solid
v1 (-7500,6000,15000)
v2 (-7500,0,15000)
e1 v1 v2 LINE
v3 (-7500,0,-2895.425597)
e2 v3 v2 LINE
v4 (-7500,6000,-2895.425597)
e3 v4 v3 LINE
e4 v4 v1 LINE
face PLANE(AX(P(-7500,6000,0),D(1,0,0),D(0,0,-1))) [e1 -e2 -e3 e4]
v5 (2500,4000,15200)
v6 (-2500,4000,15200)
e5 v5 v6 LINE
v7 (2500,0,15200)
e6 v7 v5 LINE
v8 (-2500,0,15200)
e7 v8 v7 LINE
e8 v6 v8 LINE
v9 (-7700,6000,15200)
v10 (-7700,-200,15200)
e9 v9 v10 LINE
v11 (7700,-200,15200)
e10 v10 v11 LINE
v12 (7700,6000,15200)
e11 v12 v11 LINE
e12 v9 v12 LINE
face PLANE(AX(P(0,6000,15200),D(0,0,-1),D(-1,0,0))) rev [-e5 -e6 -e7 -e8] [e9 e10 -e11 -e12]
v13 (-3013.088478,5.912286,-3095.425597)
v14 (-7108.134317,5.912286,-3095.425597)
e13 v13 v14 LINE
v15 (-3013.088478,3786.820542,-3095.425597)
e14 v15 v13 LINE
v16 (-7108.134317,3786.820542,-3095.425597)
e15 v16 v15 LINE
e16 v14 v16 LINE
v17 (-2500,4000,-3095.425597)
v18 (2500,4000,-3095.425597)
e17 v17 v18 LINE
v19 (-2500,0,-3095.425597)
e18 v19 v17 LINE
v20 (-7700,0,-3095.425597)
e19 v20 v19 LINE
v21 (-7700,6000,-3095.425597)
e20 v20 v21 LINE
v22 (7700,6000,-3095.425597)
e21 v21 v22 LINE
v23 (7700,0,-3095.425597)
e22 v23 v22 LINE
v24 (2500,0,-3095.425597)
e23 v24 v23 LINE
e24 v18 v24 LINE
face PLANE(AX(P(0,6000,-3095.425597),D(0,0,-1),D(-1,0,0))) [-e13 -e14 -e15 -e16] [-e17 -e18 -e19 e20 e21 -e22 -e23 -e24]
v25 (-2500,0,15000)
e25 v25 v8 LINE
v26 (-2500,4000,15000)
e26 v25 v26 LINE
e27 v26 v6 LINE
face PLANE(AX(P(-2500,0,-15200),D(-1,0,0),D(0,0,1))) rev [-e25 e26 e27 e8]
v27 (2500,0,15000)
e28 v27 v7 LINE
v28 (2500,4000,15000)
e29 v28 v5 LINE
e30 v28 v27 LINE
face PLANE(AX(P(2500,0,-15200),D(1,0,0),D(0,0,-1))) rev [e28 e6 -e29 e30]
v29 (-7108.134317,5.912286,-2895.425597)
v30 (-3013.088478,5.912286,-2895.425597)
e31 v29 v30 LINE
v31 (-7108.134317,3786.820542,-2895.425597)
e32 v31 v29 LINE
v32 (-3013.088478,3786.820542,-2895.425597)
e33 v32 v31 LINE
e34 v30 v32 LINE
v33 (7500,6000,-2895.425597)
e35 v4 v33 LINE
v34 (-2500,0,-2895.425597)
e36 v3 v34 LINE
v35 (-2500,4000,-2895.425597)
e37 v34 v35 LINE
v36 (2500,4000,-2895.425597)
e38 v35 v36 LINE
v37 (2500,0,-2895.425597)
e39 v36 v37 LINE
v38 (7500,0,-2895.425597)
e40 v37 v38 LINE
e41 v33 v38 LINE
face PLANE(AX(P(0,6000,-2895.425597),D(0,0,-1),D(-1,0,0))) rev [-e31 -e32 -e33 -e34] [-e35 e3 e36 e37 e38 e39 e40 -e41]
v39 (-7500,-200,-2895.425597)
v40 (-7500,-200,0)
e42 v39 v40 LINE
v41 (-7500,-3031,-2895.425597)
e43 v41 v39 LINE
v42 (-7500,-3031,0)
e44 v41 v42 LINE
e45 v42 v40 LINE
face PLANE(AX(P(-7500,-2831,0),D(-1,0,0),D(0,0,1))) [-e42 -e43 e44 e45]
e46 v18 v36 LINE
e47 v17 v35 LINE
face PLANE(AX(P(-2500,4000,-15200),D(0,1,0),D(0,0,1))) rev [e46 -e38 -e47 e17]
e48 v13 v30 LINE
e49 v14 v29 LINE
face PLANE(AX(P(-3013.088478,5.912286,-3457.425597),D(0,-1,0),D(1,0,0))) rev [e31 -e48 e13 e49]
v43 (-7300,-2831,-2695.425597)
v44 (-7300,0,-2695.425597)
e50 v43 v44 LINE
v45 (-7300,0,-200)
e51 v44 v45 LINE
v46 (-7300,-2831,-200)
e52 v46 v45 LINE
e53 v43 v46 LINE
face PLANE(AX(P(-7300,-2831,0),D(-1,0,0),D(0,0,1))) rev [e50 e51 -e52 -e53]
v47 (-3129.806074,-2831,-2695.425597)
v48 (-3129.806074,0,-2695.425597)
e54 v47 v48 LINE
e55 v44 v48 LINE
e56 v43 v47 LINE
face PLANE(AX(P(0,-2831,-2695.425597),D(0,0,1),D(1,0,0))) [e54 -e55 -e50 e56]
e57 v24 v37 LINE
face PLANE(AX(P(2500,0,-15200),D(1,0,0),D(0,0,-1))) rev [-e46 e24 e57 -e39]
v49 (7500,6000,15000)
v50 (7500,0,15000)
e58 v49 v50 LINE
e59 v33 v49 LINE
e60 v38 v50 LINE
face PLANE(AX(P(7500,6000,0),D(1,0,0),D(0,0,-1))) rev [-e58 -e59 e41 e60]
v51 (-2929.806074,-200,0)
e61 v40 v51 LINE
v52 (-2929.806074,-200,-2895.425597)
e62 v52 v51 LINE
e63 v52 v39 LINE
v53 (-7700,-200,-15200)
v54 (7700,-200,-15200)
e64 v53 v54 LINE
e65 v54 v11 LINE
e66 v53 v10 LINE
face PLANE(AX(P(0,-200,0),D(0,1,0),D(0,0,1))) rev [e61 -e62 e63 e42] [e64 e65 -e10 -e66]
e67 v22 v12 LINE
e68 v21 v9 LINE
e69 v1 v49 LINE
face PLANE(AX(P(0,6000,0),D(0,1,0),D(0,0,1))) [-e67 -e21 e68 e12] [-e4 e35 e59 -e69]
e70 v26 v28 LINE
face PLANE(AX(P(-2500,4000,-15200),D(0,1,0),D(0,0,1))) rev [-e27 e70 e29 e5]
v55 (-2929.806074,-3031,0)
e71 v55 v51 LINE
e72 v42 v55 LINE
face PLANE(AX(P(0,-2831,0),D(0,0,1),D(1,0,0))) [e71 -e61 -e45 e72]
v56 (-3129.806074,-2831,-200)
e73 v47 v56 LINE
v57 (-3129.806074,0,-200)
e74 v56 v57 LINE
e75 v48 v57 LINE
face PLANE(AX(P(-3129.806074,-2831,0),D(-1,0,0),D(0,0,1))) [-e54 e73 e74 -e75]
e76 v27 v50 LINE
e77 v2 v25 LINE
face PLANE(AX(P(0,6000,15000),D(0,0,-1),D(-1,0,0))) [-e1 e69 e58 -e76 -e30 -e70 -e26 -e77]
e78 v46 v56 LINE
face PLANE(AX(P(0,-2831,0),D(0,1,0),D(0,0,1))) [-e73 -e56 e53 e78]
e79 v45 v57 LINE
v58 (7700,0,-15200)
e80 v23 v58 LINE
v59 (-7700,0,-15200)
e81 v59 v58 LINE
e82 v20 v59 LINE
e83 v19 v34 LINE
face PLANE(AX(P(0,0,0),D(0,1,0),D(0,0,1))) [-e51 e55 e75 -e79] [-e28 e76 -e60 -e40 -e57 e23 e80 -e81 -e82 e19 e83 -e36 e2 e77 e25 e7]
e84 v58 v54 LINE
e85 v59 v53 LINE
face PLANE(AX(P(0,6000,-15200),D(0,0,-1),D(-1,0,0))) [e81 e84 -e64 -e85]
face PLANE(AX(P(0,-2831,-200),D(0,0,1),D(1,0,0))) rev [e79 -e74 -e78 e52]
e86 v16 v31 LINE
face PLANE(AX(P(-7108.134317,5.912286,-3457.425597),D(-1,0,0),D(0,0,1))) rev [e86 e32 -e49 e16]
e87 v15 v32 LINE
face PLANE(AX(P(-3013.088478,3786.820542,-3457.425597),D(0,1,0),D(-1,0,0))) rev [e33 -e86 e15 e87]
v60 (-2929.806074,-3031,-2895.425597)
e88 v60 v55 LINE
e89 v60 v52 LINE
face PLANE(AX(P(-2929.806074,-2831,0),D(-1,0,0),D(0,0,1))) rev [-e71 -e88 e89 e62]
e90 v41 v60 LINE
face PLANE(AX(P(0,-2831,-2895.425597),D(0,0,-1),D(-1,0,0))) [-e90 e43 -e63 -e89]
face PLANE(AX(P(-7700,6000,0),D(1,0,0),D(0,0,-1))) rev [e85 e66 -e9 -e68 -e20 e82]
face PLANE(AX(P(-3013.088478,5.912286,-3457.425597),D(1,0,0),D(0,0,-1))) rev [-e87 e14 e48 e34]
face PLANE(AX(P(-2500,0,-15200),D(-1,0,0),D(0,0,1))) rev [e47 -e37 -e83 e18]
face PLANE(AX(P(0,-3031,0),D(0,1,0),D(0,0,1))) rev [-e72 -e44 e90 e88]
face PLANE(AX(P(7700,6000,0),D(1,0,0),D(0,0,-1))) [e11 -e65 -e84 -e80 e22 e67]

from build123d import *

# Parameters (mm, degrees)
CROQUIS2_W              = 15400
CROQUIS2_H              = 30400
CROQUIS2_W_2            = 15000
CROQUIS2_H_2            = 30000
CROQUIS2_H_3            = 200
SALIENTE_EXTRUIR1_DEPTH = 6000
CROQUIS2_2_W            = 15400
CROQUIS2_2_H            = 30400
CROQUIS2_2_W_2          = 15000
CROQUIS2_2_H_2          = 30000
CROQUIS2_2_H_3          = 11904.574403382
CROQUIS2_2_H_4          = 17895.425596618
CROQUIS2_2_H_5          = 200
SALIENTE_EXTRUIR2_DEPTH = 200
CROQUIS5_W              = 5000
CROQUIS5_H              = 4000
CORTAR_EXTRUIR1_DEPTH   = 31929.827100287
CROQUIS6_W              = 4570.193925868
CROQUIS6_H              = 2895.425596618
CROQUIS6_W_2            = 4170.193925868
CROQUIS6_H_2            = 2495.425596618
CORTAR_EXTRUIR2_DEPTH   = 18065.606278577
CROQUIS6_3_W            = 4570.193925868
CROQUIS6_3_H            = 2895.425596618
CROQUIS6_3_W_2          = 4170.193925868
CROQUIS6_3_H_2          = 2495.425596618
SALIENTE_EXTRUIR3_DEPTH = 2831
SALIENTE_EXTRUIR4_START = -2831
CROQUIS6_5_W            = 4570.193925868
CROQUIS6_5_H            = 2895.425596618
SALIENTE_EXTRUIR4_DEPTH = 200
CROQUIS7_W              = 4095.045838221
CROQUIS7_H              = 3780.908255671
CORTAR_EXTRUIR3_DEPTH   = 562
CROQUIS8_W              = 25320.425141551
CROQUIS8_H              = 14574.739237939
CORTAR_EXTRUIR4_DEPTH   = 19500


with BuildPart() as part:
    # Croquis2 → Saliente-Extruir1 (new body)
    # profile 1 of 2: a face of its own
    with BuildSketch(Plane(origin=(0, 0, 0), x_dir=(1, 0, 0), z_dir=(0, 1, 0))):
        Rectangle(CROQUIS2_W, CROQUIS2_H)
        Rectangle(CROQUIS2_W_2, CROQUIS2_H_2, mode=Mode.SUBTRACT)
    # profile 2 of 2: a face of its own
    with BuildSketch(Plane(origin=(0, 0, 0), x_dir=(1, 0, 0), z_dir=(0, 1, 0))):
        with Locations((0, 2995.425596618)):
            Rectangle(CROQUIS2_W_2, CROQUIS2_H_3)
    extrude(amount=SALIENTE_EXTRUIR1_DEPTH)

    # Croquis2<2> → Saliente-Extruir2 (add)
    # profile 1 of 4: a face of its own
    with BuildSketch(Plane(origin=(0, 0, 0), x_dir=(1, 0, 0), z_dir=(0, 1, 0))):
        Rectangle(CROQUIS2_2_W, CROQUIS2_2_H)
        Rectangle(CROQUIS2_2_W_2, CROQUIS2_2_H_2, mode=Mode.SUBTRACT)
    # profile 2 of 4: a face of its own
    with BuildSketch(Plane(origin=(0, 0, 0), x_dir=(1, 0, 0), z_dir=(0, 1, 0))):
        with Locations((0, 9047.712798309)):
            Rectangle(CROQUIS2_2_W_2, CROQUIS2_2_H_3)
    # profile 3 of 4: a face of its own
    with BuildSketch(Plane(origin=(0, 0, 0), x_dir=(1, 0, 0), z_dir=(0, 1, 0))):
        with Locations((0, -6052.287201691)):
            Rectangle(CROQUIS2_2_W_2, CROQUIS2_2_H_4)
    # profile 4 of 4: a face of its own
    with BuildSketch(Plane(origin=(0, 0, 0), x_dir=(1, 0, 0), z_dir=(0, 1, 0))):
        with Locations((0, 2995.425596618)):
            Rectangle(CROQUIS2_2_W_2, CROQUIS2_2_H_5)
    extrude(amount=-SALIENTE_EXTRUIR2_DEPTH)

    # Croquis5 → Cortar-Extruir1 (cut, through all)
    with BuildSketch(Plane.XY.offset(15200)):
        with Locations((0, 2000)):
            Rectangle(CROQUIS5_W, CROQUIS5_H)
    extrude(amount=-CORTAR_EXTRUIR1_DEPTH, mode=Mode.SUBTRACT)

    # Croquis6 → Cortar-Extruir2 (cut, through all)
    with BuildSketch(Plane(origin=(0, 0, 0), x_dir=(1, 0, 0), z_dir=(0, 1, 0))):
        with Locations((-5214.903037066, 1447.712798309)):
            Rectangle(CROQUIS6_W, CROQUIS6_H)
        with Locations((-5214.903037066, 1447.712798309)):
            Rectangle(CROQUIS6_W_2, CROQUIS6_H_2, mode=Mode.SUBTRACT)
    extrude(amount=-CORTAR_EXTRUIR2_DEPTH, mode=Mode.SUBTRACT)


with BuildPart() as cortar_extruir2_kept_piece:
    # of the separate pieces the step leaves, the one the design keeps (cortar_extruir2_pieces_kept)
    add(part.part.solids().sort_by_distance((-7700, 6000, -15200))[0])

    # Croquis6<3> → Saliente-Extruir3 (add)
    with BuildSketch(Plane(origin=(0, 0, 0), x_dir=(1, 0, 0), z_dir=(0, 1, 0))):
        with Locations((-5214.903037066, 1447.712798309)):
            Rectangle(CROQUIS6_3_W, CROQUIS6_3_H)
        with Locations((-5214.903037066, 1447.712798309)):
            Rectangle(CROQUIS6_3_W_2, CROQUIS6_3_H_2, mode=Mode.SUBTRACT)
    extrude(amount=-SALIENTE_EXTRUIR3_DEPTH)

    # Croquis6<5> → Saliente-Extruir4 (add)
    with BuildSketch(Plane(origin=(0, 0, 0), x_dir=(1, 0, 0), z_dir=(0, 1, 0)).offset(SALIENTE_EXTRUIR4_START)):
        with Locations((-5214.903037066, 1447.712798309)):
            Rectangle(CROQUIS6_5_W, CROQUIS6_5_H)
    extrude(amount=-SALIENTE_EXTRUIR4_DEPTH)

    # Croquis7 → Cortar-Extruir3 (cut)
    with BuildSketch(Plane.XY.offset(-2895.425596618)):
        with Locations((-5060.611397561, 1896.366414305)):
            Rectangle(CROQUIS7_W, CROQUIS7_H)
    extrude(amount=-CORTAR_EXTRUIR3_DEPTH, mode=Mode.SUBTRACT)

    # Croquis8 → Cortar-Extruir4 (cut)
    with BuildSketch(Plane(origin=(0, 0, 0), x_dir=(1, 0, 0), z_dir=(0, 1, 0))):
        with Locations((1266.213821781, 10382.795215588)):
            Rectangle(CROQUIS8_W, CROQUIS8_H)
    extrude(amount=CORTAR_EXTRUIR4_DEPTH, mode=Mode.SUBTRACT)


solid = cortar_extruir2_kept_piece.part
